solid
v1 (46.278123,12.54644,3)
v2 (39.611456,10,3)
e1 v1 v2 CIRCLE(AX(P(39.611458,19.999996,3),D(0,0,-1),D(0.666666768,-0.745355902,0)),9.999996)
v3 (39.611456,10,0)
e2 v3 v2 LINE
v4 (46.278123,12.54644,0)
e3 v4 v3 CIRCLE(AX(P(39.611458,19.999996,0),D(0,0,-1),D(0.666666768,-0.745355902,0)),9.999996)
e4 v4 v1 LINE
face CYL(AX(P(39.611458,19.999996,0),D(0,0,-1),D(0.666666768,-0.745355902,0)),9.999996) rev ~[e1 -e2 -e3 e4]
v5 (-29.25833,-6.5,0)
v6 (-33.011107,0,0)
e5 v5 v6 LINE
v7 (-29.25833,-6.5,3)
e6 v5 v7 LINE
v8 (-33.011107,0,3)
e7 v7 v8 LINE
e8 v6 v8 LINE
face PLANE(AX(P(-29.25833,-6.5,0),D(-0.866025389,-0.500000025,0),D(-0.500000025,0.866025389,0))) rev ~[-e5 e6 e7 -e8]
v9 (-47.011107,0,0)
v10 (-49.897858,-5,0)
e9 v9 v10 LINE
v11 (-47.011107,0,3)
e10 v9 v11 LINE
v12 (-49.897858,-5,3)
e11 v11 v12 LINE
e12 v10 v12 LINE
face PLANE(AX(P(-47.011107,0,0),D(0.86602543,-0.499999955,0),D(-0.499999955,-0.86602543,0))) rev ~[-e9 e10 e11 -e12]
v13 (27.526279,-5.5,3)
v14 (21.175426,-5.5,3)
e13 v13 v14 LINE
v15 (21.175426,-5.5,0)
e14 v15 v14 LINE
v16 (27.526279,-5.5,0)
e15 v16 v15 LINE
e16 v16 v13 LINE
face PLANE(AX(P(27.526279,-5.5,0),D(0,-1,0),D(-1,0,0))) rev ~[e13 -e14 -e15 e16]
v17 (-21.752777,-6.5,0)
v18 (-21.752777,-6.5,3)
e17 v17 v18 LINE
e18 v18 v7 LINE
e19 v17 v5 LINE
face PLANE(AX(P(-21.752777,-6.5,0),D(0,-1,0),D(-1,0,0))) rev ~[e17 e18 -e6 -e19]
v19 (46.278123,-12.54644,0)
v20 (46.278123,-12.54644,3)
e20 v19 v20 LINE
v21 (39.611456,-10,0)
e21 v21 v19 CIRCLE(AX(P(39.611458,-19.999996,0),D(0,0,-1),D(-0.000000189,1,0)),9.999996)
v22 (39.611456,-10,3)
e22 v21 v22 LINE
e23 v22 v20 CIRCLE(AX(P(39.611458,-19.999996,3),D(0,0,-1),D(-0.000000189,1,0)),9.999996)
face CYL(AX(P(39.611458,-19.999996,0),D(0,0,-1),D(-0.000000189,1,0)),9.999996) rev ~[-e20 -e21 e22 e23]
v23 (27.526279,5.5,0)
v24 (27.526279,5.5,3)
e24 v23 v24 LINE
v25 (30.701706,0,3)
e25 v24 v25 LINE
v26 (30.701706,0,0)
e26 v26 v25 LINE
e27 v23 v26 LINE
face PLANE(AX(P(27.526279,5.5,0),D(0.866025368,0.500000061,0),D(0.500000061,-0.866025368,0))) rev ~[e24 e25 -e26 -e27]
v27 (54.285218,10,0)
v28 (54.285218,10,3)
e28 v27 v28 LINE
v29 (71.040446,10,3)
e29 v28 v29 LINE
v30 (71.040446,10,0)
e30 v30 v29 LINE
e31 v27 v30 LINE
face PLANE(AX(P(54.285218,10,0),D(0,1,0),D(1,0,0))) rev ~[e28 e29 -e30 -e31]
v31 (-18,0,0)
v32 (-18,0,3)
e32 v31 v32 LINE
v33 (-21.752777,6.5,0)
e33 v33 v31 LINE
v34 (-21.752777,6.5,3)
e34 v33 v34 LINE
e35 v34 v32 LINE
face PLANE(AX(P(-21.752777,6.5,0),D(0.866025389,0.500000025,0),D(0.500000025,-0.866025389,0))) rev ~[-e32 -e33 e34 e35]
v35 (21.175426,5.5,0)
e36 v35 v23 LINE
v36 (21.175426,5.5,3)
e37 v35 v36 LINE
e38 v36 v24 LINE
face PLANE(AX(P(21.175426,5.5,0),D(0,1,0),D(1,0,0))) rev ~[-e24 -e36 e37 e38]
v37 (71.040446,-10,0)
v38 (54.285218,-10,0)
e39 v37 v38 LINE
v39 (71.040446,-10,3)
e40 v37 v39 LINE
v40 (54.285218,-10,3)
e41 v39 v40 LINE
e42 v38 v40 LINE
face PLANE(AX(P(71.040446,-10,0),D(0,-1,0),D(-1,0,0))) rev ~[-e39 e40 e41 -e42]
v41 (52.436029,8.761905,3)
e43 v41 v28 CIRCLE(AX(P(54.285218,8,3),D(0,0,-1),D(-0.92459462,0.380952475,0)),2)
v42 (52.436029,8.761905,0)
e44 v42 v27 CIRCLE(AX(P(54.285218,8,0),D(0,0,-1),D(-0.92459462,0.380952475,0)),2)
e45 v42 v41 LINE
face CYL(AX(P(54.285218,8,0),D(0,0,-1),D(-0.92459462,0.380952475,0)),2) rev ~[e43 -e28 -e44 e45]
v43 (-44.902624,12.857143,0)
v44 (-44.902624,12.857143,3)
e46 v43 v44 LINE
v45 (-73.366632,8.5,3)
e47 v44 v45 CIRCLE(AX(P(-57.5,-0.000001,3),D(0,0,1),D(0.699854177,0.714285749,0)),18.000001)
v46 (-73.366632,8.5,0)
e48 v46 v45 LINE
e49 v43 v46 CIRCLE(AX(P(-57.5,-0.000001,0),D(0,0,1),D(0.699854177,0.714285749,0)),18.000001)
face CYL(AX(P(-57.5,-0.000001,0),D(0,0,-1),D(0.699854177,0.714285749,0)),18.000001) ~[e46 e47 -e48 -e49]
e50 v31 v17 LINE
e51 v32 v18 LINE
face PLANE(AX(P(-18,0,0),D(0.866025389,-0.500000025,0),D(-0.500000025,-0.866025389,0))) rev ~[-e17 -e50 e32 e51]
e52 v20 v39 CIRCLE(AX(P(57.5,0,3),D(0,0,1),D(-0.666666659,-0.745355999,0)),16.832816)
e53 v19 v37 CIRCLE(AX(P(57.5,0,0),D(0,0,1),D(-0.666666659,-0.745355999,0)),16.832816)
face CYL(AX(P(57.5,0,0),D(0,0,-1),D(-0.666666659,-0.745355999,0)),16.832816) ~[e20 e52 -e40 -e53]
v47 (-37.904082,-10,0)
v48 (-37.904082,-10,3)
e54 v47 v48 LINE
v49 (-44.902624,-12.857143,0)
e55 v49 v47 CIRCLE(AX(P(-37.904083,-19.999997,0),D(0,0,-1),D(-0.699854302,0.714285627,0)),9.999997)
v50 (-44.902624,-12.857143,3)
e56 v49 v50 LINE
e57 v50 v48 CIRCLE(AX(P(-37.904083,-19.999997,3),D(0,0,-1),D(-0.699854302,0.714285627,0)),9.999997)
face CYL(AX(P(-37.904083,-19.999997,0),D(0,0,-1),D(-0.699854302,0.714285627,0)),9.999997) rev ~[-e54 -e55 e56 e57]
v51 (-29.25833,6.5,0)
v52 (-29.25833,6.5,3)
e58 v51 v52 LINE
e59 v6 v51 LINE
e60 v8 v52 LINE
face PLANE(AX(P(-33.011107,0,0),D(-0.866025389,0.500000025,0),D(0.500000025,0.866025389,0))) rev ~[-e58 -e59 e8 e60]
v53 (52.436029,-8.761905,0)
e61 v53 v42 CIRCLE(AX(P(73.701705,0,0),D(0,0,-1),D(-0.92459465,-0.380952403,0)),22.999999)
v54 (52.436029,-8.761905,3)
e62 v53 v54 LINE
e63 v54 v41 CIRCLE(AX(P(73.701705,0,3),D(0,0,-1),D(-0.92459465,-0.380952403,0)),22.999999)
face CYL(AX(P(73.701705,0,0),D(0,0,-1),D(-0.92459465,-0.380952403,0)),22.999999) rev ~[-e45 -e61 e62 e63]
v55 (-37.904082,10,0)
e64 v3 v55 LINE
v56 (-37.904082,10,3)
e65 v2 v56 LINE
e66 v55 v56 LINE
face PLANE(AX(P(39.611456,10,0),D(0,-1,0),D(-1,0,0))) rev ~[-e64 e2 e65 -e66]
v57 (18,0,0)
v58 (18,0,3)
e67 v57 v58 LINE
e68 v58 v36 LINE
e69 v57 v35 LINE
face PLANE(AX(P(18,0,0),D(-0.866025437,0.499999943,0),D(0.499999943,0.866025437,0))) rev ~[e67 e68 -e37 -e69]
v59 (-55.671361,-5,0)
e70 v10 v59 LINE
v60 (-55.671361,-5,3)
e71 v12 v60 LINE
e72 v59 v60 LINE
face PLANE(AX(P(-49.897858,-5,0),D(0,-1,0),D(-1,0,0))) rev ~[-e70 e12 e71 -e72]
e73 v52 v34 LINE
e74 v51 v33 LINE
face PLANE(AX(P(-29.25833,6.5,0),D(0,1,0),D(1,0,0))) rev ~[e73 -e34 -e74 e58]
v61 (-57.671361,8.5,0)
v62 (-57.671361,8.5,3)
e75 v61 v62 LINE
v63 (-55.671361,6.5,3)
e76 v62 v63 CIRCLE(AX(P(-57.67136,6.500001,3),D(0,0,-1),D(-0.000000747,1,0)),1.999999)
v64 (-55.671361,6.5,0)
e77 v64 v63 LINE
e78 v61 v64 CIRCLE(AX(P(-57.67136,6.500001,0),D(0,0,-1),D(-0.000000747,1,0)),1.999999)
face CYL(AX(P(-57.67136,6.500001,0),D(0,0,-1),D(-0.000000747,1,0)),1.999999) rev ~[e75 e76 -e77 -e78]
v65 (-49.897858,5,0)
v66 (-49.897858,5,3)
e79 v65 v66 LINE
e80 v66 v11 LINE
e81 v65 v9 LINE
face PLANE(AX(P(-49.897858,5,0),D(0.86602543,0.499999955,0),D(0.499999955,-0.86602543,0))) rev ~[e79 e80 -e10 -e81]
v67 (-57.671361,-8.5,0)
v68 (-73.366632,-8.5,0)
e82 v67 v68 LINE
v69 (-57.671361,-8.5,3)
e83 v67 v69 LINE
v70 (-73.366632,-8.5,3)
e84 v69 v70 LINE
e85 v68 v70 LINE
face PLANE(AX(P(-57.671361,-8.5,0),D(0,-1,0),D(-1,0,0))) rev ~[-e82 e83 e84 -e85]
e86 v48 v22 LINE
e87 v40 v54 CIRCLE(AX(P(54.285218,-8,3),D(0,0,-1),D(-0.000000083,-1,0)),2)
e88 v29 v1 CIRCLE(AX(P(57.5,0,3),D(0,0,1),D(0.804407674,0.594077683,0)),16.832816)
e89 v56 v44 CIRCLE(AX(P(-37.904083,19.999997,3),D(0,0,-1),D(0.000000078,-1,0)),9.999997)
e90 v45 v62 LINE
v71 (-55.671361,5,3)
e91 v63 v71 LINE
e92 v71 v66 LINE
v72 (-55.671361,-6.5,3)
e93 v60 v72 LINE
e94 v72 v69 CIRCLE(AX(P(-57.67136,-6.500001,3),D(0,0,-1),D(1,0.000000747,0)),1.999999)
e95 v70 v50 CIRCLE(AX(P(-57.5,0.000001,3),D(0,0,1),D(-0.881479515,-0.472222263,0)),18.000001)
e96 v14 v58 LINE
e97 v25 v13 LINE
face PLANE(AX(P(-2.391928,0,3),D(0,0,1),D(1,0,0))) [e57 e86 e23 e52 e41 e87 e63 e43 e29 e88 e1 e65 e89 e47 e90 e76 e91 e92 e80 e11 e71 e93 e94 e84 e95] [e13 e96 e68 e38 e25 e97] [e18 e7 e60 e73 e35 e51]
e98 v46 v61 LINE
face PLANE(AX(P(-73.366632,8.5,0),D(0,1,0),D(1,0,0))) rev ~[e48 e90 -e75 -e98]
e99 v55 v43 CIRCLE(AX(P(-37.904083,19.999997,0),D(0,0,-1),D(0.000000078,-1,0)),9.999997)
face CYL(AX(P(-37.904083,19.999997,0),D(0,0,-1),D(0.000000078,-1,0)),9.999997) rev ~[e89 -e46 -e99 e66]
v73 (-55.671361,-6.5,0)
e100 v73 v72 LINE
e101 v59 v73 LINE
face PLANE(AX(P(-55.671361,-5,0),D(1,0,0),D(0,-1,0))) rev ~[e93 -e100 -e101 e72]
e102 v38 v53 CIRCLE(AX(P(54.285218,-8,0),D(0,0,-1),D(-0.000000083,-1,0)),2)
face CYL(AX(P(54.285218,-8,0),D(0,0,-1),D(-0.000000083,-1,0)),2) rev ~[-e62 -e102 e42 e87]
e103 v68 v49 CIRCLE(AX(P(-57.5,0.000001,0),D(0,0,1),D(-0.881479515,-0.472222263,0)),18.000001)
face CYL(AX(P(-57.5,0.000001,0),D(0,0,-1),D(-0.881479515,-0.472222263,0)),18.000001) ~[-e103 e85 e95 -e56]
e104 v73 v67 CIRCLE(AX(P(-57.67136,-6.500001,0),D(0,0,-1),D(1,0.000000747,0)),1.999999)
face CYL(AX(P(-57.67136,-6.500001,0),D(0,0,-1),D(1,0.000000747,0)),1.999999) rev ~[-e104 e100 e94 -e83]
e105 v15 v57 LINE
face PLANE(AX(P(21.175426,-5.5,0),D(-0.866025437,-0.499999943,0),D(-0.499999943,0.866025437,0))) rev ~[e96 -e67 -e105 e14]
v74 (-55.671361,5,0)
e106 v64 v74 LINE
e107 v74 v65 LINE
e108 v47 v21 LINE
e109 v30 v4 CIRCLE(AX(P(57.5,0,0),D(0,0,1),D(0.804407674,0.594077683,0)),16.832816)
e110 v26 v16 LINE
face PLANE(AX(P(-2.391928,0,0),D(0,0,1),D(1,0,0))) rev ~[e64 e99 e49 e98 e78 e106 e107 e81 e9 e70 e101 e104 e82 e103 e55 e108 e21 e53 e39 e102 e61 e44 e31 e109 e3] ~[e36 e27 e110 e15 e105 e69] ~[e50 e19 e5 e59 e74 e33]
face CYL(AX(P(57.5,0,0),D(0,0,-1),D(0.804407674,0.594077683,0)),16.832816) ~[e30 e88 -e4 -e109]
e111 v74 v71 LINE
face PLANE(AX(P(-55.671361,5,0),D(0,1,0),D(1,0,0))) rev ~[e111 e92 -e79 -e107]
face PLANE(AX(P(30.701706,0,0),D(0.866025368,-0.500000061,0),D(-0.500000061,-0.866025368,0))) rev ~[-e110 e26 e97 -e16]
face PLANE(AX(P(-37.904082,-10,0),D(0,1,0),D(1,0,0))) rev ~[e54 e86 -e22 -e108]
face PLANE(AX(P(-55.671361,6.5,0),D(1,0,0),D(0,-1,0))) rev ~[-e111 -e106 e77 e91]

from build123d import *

# Parameters (mm, degrees)
F1_DEPTH = 3


with BuildPart() as f1:
    # F0 (on Top) → F1 (new body)
    with BuildSketch(Plane.XY):
        with BuildLine():
            ThreePointArc((-37.904082, 10), (-41.683727, 10.741799), (-44.902624, 12.857143))
            ThreePointArc((-44.902624, 12.857143), (-60.223634, 17.792746), (-73.366632, 8.5))
            Line((-73.366632, 8.5), (-57.671361, 8.5))
            ThreePointArc((-57.671361, 8.5), (-56.257147, 7.914214), (-55.671361, 6.5))
            Line((-55.671361, 6.5), (-55.671361, 5))
            Line((-55.671361, 5), (-52.78461, 5))
            Line((-52.78461, 5), (-49.897858, 5))
            Line((-49.897858, 5), (-47.011107, 0))
            Line((-47.011107, 0), (-49.897858, -5))
            Line((-49.897858, -5), (-52.78461, -5))
            Line((-52.78461, -5), (-55.671361, -5))
            Line((-55.671361, -5), (-55.671361, -6.5))
            ThreePointArc((-55.671361, -6.5), (-56.257147, -7.914214), (-57.671361, -8.5))
            Line((-57.671361, -8.5), (-73.366632, -8.5))
            ThreePointArc((-73.366632, -8.5), (-60.223634, -17.792746), (-44.902624, -12.857143))
            ThreePointArc((-44.902624, -12.857143), (-41.683727, -10.741799), (-37.904082, -10))
            Line((-37.904082, -10), (39.611456, -10))
            ThreePointArc((39.611456, -10), (43.179677, -10.658276), (46.278123, -12.54644))
            ThreePointArc((46.278123, -12.54644), (59.221926, -16.744511), (71.040446, -10))
            Line((71.040446, -10), (54.285218, -10))
            ThreePointArc((54.285218, -10), (53.172521, -9.661898), (52.436029, -8.761905))
            ThreePointArc((52.436029, -8.761905), (50.701706, 0), (52.436029, 8.761905))
            ThreePointArc((52.436029, 8.761905), (53.172521, 9.661898), (54.285218, 10))
            Line((54.285218, 10), (71.040446, 10))
            ThreePointArc((71.040446, 10), (59.221926, 16.744511), (46.278123, 12.54644))
            ThreePointArc((46.278123, 12.54644), (43.179677, 10.658276), (39.611456, 10))
            Line((39.611456, 10), (-37.904082, 10))
        make_face()
        Polygon((-33.011107, 0), (-29.25833, 6.5), (-21.752777, 6.5), (-18, 0), (-21.752777, -6.5), (-29.25833, -6.5), align=None, mode=Mode.SUBTRACT)
        Polygon((18, 0), (21.175426, 5.5), (27.526279, 5.5), (30.701706, 0), (27.526279, -5.5), (21.175426, -5.5), align=None, mode=Mode.SUBTRACT)
    extrude(amount=F1_DEPTH)


solid = f1.part
